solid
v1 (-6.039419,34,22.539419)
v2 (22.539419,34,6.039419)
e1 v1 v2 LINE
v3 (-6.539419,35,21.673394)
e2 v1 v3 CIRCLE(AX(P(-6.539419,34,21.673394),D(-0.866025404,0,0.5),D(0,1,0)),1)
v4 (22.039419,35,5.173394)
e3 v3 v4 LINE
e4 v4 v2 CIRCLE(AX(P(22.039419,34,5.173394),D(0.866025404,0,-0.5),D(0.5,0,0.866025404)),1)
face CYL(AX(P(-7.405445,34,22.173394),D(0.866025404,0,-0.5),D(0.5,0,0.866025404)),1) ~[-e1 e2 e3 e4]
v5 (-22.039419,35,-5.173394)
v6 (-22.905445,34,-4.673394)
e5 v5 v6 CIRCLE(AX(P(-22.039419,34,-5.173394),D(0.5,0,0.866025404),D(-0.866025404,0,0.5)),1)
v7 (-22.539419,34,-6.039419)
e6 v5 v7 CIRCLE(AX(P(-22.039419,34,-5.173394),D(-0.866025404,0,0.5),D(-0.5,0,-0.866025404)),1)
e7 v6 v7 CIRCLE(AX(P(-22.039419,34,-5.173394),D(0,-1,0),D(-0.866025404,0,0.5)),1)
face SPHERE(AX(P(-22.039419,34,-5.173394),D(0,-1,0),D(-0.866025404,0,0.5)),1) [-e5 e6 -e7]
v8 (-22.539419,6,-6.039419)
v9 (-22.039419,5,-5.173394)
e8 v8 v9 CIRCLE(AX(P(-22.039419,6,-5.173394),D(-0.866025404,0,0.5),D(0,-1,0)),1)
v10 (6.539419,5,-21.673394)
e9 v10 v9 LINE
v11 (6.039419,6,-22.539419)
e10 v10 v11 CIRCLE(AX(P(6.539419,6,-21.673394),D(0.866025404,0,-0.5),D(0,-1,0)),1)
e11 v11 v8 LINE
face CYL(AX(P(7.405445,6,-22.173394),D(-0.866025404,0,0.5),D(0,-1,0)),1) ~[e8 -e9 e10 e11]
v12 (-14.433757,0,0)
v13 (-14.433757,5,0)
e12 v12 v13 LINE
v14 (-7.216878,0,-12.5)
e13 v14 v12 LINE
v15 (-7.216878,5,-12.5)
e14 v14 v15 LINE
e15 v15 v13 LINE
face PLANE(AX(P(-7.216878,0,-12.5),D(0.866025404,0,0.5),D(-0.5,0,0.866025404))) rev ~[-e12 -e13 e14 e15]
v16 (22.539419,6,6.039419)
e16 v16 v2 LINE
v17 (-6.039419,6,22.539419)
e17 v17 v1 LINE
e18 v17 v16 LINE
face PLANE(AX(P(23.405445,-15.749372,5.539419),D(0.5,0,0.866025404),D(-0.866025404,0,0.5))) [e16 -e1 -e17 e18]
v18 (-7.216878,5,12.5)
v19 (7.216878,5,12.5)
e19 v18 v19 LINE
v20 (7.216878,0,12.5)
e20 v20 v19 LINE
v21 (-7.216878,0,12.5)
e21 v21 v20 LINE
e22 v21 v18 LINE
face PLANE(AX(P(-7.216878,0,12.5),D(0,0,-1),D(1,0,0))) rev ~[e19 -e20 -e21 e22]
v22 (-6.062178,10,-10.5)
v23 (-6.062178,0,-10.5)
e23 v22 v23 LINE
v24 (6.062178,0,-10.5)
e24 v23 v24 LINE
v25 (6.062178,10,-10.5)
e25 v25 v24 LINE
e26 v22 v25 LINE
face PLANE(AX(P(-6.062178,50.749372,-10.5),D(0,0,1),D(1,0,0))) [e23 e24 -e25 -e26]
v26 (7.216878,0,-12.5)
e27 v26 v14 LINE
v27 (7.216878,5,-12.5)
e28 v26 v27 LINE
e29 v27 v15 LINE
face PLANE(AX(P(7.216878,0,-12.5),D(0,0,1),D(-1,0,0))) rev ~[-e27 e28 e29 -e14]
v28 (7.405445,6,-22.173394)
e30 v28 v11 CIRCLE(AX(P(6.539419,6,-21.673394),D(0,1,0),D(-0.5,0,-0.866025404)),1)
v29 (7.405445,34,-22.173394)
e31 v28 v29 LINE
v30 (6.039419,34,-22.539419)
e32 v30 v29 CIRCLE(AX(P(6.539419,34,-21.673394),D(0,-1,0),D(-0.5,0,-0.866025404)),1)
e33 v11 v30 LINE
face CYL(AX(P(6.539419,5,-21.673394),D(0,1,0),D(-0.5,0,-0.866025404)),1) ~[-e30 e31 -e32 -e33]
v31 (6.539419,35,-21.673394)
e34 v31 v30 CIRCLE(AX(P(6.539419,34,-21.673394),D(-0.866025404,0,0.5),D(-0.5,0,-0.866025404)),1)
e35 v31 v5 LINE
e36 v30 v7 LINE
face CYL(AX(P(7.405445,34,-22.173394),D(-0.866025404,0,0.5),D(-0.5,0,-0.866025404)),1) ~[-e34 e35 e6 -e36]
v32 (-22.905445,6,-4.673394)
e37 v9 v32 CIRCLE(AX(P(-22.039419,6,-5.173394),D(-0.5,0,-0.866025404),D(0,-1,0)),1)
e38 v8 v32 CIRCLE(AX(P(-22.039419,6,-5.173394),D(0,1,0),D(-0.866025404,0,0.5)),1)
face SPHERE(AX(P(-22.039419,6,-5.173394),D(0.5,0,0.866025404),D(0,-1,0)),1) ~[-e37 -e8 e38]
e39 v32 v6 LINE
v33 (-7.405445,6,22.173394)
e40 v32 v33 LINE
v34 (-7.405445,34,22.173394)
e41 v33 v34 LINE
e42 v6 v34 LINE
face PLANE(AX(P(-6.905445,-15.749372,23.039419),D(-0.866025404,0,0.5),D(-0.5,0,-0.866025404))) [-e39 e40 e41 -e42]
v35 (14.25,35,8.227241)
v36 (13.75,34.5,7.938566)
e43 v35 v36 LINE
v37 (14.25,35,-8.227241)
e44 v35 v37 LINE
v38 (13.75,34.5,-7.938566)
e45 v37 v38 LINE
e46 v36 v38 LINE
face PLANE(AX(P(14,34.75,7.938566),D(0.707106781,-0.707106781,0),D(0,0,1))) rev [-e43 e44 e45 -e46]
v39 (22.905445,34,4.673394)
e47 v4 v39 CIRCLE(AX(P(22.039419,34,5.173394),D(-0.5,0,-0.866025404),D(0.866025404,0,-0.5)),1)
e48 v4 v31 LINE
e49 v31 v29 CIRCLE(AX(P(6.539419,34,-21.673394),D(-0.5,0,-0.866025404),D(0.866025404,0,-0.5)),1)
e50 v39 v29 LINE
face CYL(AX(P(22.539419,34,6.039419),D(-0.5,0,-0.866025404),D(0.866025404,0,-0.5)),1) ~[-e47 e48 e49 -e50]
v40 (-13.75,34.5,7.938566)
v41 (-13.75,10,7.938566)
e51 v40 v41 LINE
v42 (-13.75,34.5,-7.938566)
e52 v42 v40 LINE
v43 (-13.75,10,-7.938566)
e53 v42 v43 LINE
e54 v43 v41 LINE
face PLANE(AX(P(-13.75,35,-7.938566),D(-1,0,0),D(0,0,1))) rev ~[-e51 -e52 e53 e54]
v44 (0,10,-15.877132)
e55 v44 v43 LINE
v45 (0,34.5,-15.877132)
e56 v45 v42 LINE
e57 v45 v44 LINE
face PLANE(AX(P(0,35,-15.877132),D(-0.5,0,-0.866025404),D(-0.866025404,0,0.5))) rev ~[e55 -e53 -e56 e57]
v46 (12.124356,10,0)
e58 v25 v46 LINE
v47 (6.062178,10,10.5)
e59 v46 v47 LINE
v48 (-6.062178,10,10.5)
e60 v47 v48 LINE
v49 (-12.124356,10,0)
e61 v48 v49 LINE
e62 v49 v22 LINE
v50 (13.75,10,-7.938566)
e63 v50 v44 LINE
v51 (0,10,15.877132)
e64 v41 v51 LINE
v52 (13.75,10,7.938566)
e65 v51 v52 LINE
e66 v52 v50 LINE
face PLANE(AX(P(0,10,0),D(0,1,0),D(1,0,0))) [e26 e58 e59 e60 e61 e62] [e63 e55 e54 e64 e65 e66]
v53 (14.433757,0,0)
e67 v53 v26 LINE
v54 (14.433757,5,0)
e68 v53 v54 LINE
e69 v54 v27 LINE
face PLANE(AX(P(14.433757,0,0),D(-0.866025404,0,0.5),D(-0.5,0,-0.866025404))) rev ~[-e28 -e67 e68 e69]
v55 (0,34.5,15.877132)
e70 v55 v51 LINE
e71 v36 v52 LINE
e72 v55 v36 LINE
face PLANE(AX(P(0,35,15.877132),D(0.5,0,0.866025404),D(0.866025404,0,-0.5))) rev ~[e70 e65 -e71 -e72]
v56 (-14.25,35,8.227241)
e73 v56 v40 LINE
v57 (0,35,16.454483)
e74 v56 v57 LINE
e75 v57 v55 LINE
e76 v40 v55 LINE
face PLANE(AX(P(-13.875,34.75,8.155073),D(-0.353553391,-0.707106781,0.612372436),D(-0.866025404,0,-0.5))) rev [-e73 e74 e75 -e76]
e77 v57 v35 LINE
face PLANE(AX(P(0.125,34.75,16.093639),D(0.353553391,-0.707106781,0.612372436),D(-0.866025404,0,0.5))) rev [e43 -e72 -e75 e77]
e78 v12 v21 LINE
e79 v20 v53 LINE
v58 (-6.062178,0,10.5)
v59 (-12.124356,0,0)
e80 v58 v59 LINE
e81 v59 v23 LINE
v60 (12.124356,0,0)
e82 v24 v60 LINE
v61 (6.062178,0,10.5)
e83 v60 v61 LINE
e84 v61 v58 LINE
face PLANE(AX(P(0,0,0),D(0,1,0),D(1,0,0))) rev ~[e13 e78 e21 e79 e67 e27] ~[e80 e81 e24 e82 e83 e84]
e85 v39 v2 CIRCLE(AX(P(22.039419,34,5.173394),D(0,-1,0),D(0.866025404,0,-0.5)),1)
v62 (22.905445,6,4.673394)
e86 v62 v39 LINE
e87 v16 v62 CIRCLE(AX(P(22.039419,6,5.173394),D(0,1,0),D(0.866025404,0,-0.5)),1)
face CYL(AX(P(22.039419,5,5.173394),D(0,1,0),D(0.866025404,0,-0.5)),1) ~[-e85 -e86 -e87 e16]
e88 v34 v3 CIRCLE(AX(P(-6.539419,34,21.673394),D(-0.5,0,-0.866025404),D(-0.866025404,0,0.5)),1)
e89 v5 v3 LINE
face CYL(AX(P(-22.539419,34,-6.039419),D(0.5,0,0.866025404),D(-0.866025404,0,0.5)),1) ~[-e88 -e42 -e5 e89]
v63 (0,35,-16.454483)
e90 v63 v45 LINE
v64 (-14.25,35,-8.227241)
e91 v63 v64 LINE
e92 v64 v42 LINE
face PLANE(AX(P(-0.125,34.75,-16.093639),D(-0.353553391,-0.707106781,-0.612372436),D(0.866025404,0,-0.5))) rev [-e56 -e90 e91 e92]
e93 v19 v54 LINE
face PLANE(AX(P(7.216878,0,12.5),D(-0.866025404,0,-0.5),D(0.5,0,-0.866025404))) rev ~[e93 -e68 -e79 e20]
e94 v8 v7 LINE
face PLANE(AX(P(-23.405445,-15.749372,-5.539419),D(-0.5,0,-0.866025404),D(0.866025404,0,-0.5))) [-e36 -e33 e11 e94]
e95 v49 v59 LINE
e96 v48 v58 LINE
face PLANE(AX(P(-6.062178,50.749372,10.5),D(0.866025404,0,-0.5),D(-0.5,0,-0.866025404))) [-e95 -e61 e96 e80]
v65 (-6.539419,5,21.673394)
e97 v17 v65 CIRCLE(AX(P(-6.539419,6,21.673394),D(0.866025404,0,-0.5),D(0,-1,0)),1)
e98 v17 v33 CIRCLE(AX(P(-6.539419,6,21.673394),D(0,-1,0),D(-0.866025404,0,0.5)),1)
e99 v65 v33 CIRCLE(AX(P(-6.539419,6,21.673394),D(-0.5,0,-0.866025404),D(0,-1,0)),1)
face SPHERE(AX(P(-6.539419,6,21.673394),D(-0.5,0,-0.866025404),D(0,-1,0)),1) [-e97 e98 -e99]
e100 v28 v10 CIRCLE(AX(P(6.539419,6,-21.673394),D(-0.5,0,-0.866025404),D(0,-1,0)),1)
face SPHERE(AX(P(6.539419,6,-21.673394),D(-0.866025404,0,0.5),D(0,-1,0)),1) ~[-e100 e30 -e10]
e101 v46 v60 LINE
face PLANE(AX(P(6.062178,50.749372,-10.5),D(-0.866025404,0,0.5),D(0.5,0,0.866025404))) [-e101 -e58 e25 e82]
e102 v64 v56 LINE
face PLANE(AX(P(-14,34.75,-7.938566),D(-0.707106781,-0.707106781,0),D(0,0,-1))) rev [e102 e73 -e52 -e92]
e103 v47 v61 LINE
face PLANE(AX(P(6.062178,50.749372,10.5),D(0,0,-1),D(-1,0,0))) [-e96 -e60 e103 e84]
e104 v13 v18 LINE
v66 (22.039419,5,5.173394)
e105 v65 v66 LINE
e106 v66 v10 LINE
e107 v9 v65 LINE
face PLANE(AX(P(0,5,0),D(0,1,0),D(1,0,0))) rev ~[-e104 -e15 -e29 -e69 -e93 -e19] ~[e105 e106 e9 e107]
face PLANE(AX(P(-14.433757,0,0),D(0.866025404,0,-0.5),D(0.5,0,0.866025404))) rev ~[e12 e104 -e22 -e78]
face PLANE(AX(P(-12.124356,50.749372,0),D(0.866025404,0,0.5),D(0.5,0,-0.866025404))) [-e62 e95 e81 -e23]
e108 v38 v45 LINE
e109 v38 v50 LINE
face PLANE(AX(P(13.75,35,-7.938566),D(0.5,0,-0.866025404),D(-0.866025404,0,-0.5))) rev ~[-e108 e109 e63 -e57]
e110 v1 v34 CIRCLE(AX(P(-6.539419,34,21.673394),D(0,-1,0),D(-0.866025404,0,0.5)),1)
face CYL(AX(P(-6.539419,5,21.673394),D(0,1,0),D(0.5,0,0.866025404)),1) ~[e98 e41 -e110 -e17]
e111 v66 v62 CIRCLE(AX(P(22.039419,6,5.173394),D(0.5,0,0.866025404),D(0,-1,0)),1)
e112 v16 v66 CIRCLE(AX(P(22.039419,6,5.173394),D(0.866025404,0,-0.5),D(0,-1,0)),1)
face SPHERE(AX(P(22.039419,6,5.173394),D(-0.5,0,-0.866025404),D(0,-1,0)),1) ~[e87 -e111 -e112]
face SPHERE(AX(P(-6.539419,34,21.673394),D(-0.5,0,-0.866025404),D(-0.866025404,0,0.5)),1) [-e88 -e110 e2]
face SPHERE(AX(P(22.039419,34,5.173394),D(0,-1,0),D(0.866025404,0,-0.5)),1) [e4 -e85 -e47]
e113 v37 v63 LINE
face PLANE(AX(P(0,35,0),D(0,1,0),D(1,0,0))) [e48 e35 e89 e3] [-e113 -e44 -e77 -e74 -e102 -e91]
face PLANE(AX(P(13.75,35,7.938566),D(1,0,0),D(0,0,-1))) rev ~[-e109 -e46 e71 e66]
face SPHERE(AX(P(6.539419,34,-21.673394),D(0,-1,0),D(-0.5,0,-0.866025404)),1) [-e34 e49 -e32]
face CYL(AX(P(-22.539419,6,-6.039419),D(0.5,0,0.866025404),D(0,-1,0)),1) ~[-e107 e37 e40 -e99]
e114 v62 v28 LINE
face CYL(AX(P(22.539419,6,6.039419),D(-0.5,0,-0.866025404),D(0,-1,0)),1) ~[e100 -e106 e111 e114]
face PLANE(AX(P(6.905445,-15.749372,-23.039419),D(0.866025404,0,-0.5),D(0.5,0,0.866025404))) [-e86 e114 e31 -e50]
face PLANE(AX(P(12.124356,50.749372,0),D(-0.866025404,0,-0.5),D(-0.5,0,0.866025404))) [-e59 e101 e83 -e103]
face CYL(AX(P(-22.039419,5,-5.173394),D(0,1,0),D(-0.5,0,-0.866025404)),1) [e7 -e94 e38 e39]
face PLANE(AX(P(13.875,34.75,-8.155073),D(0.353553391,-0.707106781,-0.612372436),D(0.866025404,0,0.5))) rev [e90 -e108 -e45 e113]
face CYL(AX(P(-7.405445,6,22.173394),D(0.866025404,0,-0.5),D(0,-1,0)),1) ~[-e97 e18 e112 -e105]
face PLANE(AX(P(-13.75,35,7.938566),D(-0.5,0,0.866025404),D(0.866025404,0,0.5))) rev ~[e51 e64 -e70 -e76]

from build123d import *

# Parameters (mm, degrees)
BOSS_EXTRUDE1_DEPTH     = 5
SKETCH4_W               = 50
SKETCH4_H               = 50
BOSS_EXTRUDE2_DEPTH     = 30
CUT_EXTRUDE1_DEPTH      = 25
CUT_EXTRUDE2_DEPTH      = 50.749371855
CUT_EXTRUDE2_DEPTH_BACK = 50.749371855
CUT_EXTRUDE3_DEPTH      = 50.749371855
CUT_EXTRUDE3_DEPTH_BACK = 50.749371855
SKETCH7_W               = 50
SKETCH7_H               = 50
FILLET2_R               = 1
CHAMFER1_SIZE           = 0.5


with BuildPart() as part:
    # Sketch3 → Boss-Extrude1 (new body)
    with BuildSketch(Plane(origin=(0, 0, 0), x_dir=(1, 0, 0), z_dir=(0, 1, 0))):
        Polygon((14.43375673, 0), (7.216878365, 12.5), (-7.216878365, 12.5), (-14.43375673, 0), (-7.216878365, -12.5), (7.216878365, -12.5), align=None)
    extrude(amount=BOSS_EXTRUDE1_DEPTH)

    # Sketch4 → Boss-Extrude2 (add)
    with BuildSketch(Plane(origin=(0, 5, 0), x_dir=(1, 0, 0), z_dir=(0, 1, 0))):
        Rectangle(SKETCH4_W, SKETCH4_H)
    extrude(amount=BOSS_EXTRUDE2_DEPTH)

    # Sketch5 → Cut-Extrude1 (cut)
    with BuildSketch(Plane(origin=(0, 35, 0), x_dir=(1, 0, 0), z_dir=(0, 1, 0))):
        Polygon((0, 15.877132403), (-13.75, 7.938566201), (-13.75, -7.938566201), (0, -15.877132403), (13.75, -7.938566201), (13.75, 7.938566201), align=None)
    extrude(amount=-CUT_EXTRUDE1_DEPTH, mode=Mode.SUBTRACT)

    # Sketch6 → Cut-Extrude2 (cut, two sides: drawn at the far end of the back side and taken through both)
    with BuildSketch(Plane.XZ.offset(-CUT_EXTRUDE2_DEPTH_BACK)):
        Polygon((-12.124355653, 0), (-6.062177826, -10.5), (6.062177826, -10.5), (12.124355653, 0), (6.062177826, 10.5), (-6.062177826, 10.5), align=None)
    extrude(amount=CUT_EXTRUDE2_DEPTH + CUT_EXTRUDE2_DEPTH_BACK, mode=Mode.SUBTRACT)

    # Sketch7 → Cut-Extrude3 (cut, two sides: drawn at the far end of the back side and taken through both)
    with BuildSketch(Plane(origin=(0, 35, 0), x_dir=(1, 0, 0), z_dir=(0, 1, 0)).offset(-CUT_EXTRUDE3_DEPTH_BACK)):
        Rectangle(SKETCH7_W, SKETCH7_H)
        Polygon((-23.405444566, 5.539419162), (6.905444566, 23.039419162), (23.405444566, -5.539419162), (-6.905444566, -23.039419162), align=None, mode=Mode.SUBTRACT)
    extrude(amount=CUT_EXTRUDE3_DEPTH + CUT_EXTRUDE3_DEPTH_BACK, mode=Mode.SUBTRACT)

    # Fillet2
    fillet2_edges = [part.edges().sort_by_distance(p)[0] for p in [
        (-15.155444566, 5, 8.75),
        (-8.25, 5, -14.289419162),
        (15.155444566, 5, -8.75),
        (8.25, 5, 14.289419162),
        (-23.405444566, 20, -5.539419162),
        (-15.155444566, 35, 8.75),
        (6.905444566, 20, -23.039419162),
        (-8.25, 35, -14.289419162),
        (23.405444566, 20, 5.539419162),
        (15.155444566, 35, -8.75),
        (-6.905444566, 20, 23.039419162),
        (8.25, 35, 14.289419162),
    ]]
    fillet(fillet2_edges, radius=FILLET2_R)

    # Chamfer1
    chamfer1_edges = [part.edges().sort_by_distance(p)[0] for p in [
        (6.875, 35, -11.907849302),
        (-6.875, 35, -11.907849302),
        (-13.75, 35, 0),
        (-6.875, 35, 11.907849302),
        (6.875, 35, 11.907849302),
        (13.75, 35, 0),
    ]]
    chamfer(chamfer1_edges, length=CHAMFER1_SIZE)


solid = part.part
